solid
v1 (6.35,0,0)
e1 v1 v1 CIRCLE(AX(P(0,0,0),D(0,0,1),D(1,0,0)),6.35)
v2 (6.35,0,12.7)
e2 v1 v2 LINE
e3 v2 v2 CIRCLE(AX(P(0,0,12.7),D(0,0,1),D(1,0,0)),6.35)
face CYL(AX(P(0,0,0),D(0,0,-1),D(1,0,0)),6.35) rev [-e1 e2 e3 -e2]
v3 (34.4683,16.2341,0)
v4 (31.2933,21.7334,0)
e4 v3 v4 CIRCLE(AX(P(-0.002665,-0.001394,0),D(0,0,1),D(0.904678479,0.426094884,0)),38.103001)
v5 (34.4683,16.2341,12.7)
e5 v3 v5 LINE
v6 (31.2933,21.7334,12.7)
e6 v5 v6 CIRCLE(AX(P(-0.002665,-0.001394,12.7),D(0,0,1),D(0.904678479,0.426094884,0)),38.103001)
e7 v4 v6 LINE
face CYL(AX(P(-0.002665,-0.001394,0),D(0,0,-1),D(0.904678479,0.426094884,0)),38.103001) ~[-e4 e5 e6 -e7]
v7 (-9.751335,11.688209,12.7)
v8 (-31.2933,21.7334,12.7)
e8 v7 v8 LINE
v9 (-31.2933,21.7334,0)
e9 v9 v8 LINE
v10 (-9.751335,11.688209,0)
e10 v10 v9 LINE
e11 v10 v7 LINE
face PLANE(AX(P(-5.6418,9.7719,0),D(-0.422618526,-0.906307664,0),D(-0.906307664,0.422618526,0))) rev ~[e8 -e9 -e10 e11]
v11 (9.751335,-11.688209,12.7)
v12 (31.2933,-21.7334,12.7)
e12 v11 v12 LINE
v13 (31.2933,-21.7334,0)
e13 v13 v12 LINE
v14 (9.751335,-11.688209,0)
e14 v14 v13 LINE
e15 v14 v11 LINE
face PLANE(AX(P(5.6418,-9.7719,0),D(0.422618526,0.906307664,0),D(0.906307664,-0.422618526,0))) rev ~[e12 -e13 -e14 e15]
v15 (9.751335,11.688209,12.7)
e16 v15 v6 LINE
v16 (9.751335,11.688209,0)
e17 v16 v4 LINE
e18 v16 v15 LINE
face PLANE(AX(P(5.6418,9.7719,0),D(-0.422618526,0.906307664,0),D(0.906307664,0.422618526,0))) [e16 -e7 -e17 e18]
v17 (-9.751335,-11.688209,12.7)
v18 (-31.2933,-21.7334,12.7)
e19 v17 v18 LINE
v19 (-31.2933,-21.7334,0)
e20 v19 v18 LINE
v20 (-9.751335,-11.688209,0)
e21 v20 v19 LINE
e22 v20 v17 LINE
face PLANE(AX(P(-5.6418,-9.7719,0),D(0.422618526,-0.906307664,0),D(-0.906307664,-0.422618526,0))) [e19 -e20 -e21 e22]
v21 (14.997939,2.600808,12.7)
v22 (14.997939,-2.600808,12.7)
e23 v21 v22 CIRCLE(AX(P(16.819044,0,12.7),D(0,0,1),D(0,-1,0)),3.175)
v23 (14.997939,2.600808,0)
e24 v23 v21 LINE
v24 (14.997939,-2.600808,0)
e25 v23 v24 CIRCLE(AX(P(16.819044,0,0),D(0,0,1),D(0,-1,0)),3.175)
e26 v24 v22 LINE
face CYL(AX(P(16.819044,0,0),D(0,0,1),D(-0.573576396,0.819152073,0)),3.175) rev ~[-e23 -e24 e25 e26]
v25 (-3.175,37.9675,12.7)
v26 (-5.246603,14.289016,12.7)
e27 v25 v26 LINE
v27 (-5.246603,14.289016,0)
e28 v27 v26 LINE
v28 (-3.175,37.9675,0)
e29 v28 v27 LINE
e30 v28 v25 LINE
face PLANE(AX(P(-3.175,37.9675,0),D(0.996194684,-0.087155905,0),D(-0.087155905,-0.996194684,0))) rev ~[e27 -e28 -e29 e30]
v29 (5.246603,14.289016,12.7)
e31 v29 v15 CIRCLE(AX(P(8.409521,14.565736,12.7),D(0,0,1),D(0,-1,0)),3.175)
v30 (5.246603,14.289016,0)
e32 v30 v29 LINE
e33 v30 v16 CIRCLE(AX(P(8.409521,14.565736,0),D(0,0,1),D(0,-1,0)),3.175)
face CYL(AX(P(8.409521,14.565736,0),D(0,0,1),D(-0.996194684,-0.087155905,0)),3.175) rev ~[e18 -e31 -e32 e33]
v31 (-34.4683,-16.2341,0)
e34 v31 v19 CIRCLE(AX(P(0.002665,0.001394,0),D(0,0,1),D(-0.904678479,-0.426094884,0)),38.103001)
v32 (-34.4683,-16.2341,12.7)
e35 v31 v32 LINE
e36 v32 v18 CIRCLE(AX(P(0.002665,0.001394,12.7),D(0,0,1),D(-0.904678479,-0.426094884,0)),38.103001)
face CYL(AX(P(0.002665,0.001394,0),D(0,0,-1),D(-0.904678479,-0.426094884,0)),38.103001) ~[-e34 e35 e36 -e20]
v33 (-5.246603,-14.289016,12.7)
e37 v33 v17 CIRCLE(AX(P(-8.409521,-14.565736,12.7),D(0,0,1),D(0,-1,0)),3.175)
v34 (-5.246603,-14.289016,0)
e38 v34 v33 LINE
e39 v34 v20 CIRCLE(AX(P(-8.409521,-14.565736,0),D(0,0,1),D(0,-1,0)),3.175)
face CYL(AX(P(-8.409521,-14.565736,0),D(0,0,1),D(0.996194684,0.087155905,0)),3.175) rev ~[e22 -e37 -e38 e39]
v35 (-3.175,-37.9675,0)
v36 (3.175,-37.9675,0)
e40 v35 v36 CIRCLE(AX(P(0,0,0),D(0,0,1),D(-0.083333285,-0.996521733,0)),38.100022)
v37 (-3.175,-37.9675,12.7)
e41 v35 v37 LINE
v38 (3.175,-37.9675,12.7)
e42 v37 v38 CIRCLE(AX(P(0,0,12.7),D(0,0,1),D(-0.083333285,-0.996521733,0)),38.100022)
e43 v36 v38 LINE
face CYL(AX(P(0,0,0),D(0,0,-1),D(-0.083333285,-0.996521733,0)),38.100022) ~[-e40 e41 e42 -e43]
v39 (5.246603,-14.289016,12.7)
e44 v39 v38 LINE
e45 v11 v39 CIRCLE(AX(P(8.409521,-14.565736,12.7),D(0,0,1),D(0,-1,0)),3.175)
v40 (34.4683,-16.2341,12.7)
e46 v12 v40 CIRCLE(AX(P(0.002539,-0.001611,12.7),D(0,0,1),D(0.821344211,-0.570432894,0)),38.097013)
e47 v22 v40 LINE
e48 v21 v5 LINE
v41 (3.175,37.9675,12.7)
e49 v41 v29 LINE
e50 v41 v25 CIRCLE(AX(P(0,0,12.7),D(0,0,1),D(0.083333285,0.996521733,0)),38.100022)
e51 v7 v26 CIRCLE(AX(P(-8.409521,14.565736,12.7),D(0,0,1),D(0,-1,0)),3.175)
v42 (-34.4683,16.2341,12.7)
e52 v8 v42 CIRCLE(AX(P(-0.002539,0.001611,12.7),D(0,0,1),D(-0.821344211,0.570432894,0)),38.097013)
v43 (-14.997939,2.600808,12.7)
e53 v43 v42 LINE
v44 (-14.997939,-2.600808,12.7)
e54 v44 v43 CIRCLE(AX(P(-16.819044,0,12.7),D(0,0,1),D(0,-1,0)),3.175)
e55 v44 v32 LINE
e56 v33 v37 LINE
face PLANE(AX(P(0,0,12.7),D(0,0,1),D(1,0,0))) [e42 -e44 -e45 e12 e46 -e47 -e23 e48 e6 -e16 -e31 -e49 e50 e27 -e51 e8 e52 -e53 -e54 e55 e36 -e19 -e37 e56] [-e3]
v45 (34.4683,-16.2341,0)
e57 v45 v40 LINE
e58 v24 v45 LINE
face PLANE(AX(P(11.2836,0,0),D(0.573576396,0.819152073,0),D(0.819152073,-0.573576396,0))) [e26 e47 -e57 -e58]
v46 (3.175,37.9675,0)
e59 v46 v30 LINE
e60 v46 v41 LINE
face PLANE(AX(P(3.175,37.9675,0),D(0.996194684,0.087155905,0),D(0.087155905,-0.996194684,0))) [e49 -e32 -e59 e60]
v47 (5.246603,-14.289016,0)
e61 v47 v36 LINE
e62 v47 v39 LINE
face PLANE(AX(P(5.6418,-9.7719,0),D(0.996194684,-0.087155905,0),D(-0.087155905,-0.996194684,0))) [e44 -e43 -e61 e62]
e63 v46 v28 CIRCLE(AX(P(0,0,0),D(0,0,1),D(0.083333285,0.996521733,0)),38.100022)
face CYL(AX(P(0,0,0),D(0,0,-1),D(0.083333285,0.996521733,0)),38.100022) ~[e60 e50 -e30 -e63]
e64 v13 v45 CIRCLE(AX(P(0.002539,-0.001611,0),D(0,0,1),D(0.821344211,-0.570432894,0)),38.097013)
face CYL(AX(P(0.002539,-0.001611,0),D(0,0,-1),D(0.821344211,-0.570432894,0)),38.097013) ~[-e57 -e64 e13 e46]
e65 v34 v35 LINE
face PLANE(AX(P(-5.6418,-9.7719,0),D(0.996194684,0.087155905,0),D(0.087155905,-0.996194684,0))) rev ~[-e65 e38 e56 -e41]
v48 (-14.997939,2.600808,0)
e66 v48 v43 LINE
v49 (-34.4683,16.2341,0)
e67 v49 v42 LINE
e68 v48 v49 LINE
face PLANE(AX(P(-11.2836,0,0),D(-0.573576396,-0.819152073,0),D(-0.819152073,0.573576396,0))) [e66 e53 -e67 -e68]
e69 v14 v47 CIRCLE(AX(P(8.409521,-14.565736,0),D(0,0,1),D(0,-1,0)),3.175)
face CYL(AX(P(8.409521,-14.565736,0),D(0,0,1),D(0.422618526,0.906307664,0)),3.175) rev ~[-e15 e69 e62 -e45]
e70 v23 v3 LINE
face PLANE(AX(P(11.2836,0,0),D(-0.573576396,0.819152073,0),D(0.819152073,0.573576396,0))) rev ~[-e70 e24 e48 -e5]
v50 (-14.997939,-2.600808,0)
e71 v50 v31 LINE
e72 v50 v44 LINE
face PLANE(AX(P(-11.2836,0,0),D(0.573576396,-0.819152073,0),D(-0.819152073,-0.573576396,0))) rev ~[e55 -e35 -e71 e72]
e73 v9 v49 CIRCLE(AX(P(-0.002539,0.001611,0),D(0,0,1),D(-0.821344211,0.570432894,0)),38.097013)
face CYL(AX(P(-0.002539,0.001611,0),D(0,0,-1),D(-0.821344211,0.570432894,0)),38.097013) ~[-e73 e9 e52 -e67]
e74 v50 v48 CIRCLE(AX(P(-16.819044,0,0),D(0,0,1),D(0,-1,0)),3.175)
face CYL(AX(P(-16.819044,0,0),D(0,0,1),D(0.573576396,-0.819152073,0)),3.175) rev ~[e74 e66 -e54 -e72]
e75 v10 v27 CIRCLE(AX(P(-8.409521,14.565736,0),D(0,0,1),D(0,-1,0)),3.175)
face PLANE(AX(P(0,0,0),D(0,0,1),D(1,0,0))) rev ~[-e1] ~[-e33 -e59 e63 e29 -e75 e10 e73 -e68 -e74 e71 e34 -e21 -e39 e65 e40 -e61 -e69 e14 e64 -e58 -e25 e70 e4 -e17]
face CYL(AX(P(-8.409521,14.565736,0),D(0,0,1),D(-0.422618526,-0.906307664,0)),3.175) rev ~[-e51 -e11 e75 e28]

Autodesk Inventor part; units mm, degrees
ref_plane "YZ Plane" through (0, 0, 0) normal (1, 0, 0) x (0, 1, 0)
ref_plane "XZ Plane" through (0, 0, 0) normal (0, 1, 0) x (-1, 0, 0)
ref_plane "XY Plane" through (0, 0, 0) normal (0, 0, 1) x (1, 0, 0)
sketch "Sketch1" plane through (0, 0, 0) normal (0, 0, 1) x (1, 0, 0)
  arc A0 (3.175, 37.9675) -> (-3.175, 37.9675) centre (0, 0) ccw
  line L0 (-3.175, 37.9675) -> (-5.6418, 9.7719)
  line L1 (0, 38.1) -> (0, 0) construction
  arc A1 (-3.175, 37.9675) -> (-31.2933, 21.7334) centre (0, 0) ccw construction
  line L2 (-5.6418, 9.7719) -> (5.6418, 9.7719) construction
  line L3 (5.6418, 9.7719) -> (11.2836, 0) construction
  line L4 (11.2836, 0) -> (5.6418, -9.7719) construction
  line L5 (5.6418, -9.7719) -> (-5.6418, -9.7719) construction
  line L6 (-5.6418, -9.7719) -> (-11.2836, 0) construction
  line L7 (-11.2836, 0) -> (-5.6418, 9.7719) construction
  line L8 (3.175, 37.9675) -> (5.6418, 9.7719)
  line L9 (0, 0) -> (-32.9956, 19.05) construction
  line L10 (0, 0) -> (32.9956, 19.05) construction
  line L11 (0, 0) -> (-32.9956, -19.05) construction
  line L12 (0, 0) -> (32.9956, -19.05) construction
  line L13 (0, 0) -> (0, -38.1) construction
  line L14 (5.6418, 9.7719) -> (31.2933, 21.7334)
  line L15 (11.2836, 0) -> (34.4683, 16.2341)
  line L16 (11.2836, 0) -> (34.4683, -16.2341)
  line L17 (5.6418, -9.7719) -> (31.2933, -21.7334)
  arc A2 (31.2933, 21.7334) -> (3.175, 37.9675) centre (0, 0) ccw construction
  arc A3 (34.4683, 16.2341) -> (31.2933, 21.7334) centre (0, 0) ccw
  arc A4 (34.4683, -16.2341) -> (34.4683, 16.2341) centre (0, 0) ccw construction
  arc A5 (31.2933, -21.7334) -> (34.4683, -16.2341) centre (0, 0) ccw
  line L18 (5.6418, -9.7719) -> (3.175, -37.9675)
  line L19 (-5.6418, -9.7719) -> (-3.175, -37.9675)
  line L20 (-5.6418, -9.7719) -> (-31.2933, -21.7334)
  line L21 (-11.2836, 0) -> (-34.4683, -16.2341)
  line L22 (-11.2836, 0) -> (-34.4683, 16.2341)
  line L23 (-5.6418, 9.7719) -> (-31.2933, 21.7334)
  arc A6 (-31.2933, 21.7334) -> (-34.4683, 16.2341) centre (0, 0) ccw
  arc A7 (-34.4683, 16.2341) -> (-34.4683, -16.2341) centre (0, 0) ccw construction
  arc A8 (-34.4683, -16.2341) -> (-31.2933, -21.7334) centre (0, 0) ccw
  arc A9 (-31.2933, -21.7334) -> (-3.175, -37.9675) centre (0, 0) ccw construction
  arc A10 (-3.175, -37.9675) -> (3.175, -37.9675) centre (0, 0) ccw
  arc A11 (3.175, -37.9675) -> (31.2933, -21.7334) centre (0, 0) ccw construction
  circle A12 centre (0, 0) radius 6.35
  dimension "d10" = 38.1
  dimension "d1" = 6.35
  dimension "d2" = 3.175
  dimension "d3" = 5
  dimension "d5" = 5
  dimension "d6" = 5
  dimension "d7" = 5
  dimension "d8" = 5
  dimension "d9" = 5
  dimension "d13" = 12.7
extrude "Extrusion1" add sketch "Sketch1" along normal blind 12.7
fillet "Fillet1" radius 3.175 6 edges at (5.6418, 9.7719, 6.35) (-5.6418, 9.7719, 6.35) (-11.2836, 0, 6.35) (-5.6418, -9.7719, 6.35) (5.6418, -9.7719, 6.35) (11.2836, 0, 6.35)
equation "\"d2\" = 0.5 * d1"
equation "\"d5\" = d3"
equation "\"d6\" = d3"
equation "\"d8\" = d6"
equation "\"d9\" = d8"
properties part number "rubber intake star"
